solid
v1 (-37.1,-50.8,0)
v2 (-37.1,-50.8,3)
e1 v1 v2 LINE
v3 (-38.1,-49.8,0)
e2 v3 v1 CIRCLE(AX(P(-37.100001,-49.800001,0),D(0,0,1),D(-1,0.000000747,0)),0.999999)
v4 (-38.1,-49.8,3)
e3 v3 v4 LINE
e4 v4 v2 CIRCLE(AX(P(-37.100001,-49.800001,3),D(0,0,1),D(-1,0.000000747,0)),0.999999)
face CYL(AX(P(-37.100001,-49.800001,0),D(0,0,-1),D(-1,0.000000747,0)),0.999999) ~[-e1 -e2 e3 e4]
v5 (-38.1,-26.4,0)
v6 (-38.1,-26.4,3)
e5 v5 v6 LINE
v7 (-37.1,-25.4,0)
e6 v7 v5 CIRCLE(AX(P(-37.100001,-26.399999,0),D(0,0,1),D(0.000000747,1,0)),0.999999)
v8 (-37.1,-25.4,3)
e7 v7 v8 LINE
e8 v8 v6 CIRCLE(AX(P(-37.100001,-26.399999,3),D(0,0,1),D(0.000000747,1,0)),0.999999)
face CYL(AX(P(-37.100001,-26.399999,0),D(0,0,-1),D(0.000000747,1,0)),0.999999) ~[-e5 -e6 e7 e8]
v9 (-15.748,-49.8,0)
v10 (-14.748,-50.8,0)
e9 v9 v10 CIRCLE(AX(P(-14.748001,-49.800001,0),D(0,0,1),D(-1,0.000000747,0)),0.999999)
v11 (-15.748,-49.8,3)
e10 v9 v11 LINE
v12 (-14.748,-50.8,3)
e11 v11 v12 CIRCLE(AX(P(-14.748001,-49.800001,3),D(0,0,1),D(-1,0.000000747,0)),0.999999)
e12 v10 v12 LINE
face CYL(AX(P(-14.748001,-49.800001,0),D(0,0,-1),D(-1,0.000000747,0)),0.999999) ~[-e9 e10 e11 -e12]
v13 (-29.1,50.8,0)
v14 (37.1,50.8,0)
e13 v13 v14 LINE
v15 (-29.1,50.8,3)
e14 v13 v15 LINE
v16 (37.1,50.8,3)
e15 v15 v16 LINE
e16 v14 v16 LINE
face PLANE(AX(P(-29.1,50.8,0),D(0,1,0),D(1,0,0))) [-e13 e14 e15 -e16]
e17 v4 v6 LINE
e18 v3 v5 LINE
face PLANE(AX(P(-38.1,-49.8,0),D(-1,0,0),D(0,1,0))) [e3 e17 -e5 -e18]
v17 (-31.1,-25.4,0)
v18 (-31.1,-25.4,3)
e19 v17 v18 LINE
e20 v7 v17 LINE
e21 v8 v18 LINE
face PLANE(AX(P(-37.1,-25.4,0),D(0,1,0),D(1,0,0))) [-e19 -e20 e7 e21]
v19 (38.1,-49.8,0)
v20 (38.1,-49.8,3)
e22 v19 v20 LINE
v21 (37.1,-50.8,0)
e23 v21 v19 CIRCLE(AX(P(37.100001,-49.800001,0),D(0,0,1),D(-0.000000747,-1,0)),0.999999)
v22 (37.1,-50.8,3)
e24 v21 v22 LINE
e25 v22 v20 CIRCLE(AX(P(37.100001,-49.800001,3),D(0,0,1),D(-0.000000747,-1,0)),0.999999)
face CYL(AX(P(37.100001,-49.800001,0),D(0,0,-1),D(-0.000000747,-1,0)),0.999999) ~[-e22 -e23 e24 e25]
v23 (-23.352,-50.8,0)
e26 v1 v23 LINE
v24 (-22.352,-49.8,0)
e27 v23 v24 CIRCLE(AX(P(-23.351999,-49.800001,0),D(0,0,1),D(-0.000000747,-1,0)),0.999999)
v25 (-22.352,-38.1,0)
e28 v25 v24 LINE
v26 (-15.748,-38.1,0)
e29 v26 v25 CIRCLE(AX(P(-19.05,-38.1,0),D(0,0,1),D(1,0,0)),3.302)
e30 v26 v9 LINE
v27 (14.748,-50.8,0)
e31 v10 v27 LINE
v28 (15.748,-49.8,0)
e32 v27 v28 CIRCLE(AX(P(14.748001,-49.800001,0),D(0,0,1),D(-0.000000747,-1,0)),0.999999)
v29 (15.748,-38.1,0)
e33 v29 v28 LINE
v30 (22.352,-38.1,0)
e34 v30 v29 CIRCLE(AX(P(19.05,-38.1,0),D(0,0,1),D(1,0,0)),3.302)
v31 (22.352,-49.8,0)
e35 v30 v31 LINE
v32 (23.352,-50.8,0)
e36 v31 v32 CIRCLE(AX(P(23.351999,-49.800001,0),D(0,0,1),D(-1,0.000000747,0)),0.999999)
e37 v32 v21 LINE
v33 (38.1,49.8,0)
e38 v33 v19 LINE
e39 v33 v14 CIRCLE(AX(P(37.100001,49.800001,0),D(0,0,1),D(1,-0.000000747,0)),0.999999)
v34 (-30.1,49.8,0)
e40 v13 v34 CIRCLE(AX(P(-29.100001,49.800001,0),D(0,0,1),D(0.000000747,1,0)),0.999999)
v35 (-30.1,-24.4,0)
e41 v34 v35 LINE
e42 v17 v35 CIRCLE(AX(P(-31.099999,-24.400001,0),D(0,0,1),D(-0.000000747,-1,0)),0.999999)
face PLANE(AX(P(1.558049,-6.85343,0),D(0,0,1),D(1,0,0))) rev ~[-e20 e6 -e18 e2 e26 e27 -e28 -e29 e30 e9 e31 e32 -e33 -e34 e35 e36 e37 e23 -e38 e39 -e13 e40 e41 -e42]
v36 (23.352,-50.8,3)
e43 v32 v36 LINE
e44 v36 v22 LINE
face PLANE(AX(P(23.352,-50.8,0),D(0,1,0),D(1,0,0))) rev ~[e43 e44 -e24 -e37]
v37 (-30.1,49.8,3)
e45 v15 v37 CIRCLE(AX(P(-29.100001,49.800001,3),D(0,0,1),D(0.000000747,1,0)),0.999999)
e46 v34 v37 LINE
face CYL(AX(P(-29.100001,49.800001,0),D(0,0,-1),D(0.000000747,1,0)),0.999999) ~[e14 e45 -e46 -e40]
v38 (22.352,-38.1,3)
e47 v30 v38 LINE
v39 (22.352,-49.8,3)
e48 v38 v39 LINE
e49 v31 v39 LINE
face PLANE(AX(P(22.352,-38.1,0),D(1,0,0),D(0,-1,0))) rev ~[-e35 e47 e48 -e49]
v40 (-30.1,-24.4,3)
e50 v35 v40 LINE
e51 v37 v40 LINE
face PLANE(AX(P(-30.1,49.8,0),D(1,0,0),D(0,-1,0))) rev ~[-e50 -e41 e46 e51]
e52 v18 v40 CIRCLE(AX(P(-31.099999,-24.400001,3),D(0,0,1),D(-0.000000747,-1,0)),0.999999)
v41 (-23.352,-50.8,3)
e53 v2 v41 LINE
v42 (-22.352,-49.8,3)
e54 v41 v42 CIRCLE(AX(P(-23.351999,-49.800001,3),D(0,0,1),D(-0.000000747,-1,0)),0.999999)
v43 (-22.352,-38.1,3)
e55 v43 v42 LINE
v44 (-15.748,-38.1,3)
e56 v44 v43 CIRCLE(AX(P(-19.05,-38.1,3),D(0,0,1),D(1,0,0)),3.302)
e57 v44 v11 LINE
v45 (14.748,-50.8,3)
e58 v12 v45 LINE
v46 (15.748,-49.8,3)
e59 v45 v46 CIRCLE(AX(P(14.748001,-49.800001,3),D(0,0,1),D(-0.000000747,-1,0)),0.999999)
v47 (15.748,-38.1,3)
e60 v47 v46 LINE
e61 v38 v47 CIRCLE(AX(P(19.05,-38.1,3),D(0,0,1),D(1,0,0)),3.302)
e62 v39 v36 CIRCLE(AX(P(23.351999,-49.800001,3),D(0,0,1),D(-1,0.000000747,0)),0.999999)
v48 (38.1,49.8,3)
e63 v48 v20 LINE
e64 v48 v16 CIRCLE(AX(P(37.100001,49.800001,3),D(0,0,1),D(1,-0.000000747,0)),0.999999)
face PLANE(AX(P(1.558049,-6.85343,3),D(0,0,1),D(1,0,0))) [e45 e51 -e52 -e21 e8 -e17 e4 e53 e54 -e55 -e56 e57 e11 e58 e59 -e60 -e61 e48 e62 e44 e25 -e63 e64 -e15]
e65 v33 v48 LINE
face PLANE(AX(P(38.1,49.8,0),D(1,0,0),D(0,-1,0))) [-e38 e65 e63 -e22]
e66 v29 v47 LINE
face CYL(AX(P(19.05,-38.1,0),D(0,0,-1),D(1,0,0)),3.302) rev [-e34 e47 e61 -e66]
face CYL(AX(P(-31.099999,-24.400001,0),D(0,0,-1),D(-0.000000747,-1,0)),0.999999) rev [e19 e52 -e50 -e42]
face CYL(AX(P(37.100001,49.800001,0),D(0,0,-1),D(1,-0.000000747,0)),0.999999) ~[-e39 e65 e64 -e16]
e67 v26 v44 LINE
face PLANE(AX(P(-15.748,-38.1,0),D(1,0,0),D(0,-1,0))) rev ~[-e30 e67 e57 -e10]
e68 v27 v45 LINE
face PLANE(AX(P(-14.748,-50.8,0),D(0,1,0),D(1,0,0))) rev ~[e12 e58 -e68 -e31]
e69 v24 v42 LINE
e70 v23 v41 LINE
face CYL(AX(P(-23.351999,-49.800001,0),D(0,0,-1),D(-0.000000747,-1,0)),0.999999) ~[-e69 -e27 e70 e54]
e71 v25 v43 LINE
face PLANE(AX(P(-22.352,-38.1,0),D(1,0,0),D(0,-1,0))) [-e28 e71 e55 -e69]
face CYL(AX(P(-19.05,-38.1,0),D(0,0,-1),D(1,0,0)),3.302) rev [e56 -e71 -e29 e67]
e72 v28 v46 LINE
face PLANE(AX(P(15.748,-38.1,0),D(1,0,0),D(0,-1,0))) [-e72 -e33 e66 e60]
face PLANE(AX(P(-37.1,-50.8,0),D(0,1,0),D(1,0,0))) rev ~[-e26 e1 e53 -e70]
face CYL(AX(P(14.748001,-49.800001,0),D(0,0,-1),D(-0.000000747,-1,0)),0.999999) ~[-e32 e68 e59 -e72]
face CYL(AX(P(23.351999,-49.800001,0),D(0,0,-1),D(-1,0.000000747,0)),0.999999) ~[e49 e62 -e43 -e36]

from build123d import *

# Parameters (mm, degrees)
PAD_DEPTH = 3


with BuildPart() as part:
    # Sketch → Pad (new body)
    with BuildSketch(Plane.XY):
        with BuildLine():
            ThreePointArc((-29.1, 50.8), (-29.807107, 50.507107), (-30.1, 49.8))
            Line((-30.1, 49.8), (-30.1, -24.4))
            ThreePointArc((-31.1, -25.4), (-30.392893, -25.107107), (-30.1, -24.4))
            Line((-37.1, -25.4), (-31.1, -25.4))
            ThreePointArc((-37.1, -25.4), (-37.807107, -25.692893), (-38.1, -26.4))
            Line((-38.1, -49.8), (-38.1, -26.4))
            ThreePointArc((-38.1, -49.8), (-37.807107, -50.507107), (-37.1, -50.8))
            Line((-37.1, -50.8), (-23.352, -50.8))
            ThreePointArc((-23.352, -50.8), (-22.644893, -50.507107), (-22.352, -49.8))
            Line((-22.352, -38.1), (-22.352, -49.8))
            ThreePointArc((-15.748, -38.1), (-19.05, -34.798), (-22.352, -38.1))
            Line((-15.748, -38.1), (-15.748, -49.8))
            ThreePointArc((-15.748, -49.8), (-15.455107, -50.507107), (-14.748, -50.8))
            Line((-14.748, -50.8), (14.748, -50.8))
            ThreePointArc((14.748, -50.8), (15.455107, -50.507107), (15.748, -49.8))
            Line((15.748, -38.1), (15.748, -49.8))
            ThreePointArc((22.352, -38.1), (19.05, -34.798), (15.748, -38.1))
            Line((22.352, -38.1), (22.352, -49.8))
            ThreePointArc((22.352, -49.8), (22.644893, -50.507107), (23.352, -50.8))
            Line((23.352, -50.8), (37.1, -50.8))
            ThreePointArc((37.1, -50.8), (37.807107, -50.507107), (38.1, -49.8))
            Line((38.1, 49.8), (38.1, -49.8))
            ThreePointArc((38.1, 49.8), (37.807107, 50.507107), (37.1, 50.8))
            Line((-29.1, 50.8), (37.1, 50.8))
        make_face()
    extrude(amount=PAD_DEPTH)


solid = part.part
